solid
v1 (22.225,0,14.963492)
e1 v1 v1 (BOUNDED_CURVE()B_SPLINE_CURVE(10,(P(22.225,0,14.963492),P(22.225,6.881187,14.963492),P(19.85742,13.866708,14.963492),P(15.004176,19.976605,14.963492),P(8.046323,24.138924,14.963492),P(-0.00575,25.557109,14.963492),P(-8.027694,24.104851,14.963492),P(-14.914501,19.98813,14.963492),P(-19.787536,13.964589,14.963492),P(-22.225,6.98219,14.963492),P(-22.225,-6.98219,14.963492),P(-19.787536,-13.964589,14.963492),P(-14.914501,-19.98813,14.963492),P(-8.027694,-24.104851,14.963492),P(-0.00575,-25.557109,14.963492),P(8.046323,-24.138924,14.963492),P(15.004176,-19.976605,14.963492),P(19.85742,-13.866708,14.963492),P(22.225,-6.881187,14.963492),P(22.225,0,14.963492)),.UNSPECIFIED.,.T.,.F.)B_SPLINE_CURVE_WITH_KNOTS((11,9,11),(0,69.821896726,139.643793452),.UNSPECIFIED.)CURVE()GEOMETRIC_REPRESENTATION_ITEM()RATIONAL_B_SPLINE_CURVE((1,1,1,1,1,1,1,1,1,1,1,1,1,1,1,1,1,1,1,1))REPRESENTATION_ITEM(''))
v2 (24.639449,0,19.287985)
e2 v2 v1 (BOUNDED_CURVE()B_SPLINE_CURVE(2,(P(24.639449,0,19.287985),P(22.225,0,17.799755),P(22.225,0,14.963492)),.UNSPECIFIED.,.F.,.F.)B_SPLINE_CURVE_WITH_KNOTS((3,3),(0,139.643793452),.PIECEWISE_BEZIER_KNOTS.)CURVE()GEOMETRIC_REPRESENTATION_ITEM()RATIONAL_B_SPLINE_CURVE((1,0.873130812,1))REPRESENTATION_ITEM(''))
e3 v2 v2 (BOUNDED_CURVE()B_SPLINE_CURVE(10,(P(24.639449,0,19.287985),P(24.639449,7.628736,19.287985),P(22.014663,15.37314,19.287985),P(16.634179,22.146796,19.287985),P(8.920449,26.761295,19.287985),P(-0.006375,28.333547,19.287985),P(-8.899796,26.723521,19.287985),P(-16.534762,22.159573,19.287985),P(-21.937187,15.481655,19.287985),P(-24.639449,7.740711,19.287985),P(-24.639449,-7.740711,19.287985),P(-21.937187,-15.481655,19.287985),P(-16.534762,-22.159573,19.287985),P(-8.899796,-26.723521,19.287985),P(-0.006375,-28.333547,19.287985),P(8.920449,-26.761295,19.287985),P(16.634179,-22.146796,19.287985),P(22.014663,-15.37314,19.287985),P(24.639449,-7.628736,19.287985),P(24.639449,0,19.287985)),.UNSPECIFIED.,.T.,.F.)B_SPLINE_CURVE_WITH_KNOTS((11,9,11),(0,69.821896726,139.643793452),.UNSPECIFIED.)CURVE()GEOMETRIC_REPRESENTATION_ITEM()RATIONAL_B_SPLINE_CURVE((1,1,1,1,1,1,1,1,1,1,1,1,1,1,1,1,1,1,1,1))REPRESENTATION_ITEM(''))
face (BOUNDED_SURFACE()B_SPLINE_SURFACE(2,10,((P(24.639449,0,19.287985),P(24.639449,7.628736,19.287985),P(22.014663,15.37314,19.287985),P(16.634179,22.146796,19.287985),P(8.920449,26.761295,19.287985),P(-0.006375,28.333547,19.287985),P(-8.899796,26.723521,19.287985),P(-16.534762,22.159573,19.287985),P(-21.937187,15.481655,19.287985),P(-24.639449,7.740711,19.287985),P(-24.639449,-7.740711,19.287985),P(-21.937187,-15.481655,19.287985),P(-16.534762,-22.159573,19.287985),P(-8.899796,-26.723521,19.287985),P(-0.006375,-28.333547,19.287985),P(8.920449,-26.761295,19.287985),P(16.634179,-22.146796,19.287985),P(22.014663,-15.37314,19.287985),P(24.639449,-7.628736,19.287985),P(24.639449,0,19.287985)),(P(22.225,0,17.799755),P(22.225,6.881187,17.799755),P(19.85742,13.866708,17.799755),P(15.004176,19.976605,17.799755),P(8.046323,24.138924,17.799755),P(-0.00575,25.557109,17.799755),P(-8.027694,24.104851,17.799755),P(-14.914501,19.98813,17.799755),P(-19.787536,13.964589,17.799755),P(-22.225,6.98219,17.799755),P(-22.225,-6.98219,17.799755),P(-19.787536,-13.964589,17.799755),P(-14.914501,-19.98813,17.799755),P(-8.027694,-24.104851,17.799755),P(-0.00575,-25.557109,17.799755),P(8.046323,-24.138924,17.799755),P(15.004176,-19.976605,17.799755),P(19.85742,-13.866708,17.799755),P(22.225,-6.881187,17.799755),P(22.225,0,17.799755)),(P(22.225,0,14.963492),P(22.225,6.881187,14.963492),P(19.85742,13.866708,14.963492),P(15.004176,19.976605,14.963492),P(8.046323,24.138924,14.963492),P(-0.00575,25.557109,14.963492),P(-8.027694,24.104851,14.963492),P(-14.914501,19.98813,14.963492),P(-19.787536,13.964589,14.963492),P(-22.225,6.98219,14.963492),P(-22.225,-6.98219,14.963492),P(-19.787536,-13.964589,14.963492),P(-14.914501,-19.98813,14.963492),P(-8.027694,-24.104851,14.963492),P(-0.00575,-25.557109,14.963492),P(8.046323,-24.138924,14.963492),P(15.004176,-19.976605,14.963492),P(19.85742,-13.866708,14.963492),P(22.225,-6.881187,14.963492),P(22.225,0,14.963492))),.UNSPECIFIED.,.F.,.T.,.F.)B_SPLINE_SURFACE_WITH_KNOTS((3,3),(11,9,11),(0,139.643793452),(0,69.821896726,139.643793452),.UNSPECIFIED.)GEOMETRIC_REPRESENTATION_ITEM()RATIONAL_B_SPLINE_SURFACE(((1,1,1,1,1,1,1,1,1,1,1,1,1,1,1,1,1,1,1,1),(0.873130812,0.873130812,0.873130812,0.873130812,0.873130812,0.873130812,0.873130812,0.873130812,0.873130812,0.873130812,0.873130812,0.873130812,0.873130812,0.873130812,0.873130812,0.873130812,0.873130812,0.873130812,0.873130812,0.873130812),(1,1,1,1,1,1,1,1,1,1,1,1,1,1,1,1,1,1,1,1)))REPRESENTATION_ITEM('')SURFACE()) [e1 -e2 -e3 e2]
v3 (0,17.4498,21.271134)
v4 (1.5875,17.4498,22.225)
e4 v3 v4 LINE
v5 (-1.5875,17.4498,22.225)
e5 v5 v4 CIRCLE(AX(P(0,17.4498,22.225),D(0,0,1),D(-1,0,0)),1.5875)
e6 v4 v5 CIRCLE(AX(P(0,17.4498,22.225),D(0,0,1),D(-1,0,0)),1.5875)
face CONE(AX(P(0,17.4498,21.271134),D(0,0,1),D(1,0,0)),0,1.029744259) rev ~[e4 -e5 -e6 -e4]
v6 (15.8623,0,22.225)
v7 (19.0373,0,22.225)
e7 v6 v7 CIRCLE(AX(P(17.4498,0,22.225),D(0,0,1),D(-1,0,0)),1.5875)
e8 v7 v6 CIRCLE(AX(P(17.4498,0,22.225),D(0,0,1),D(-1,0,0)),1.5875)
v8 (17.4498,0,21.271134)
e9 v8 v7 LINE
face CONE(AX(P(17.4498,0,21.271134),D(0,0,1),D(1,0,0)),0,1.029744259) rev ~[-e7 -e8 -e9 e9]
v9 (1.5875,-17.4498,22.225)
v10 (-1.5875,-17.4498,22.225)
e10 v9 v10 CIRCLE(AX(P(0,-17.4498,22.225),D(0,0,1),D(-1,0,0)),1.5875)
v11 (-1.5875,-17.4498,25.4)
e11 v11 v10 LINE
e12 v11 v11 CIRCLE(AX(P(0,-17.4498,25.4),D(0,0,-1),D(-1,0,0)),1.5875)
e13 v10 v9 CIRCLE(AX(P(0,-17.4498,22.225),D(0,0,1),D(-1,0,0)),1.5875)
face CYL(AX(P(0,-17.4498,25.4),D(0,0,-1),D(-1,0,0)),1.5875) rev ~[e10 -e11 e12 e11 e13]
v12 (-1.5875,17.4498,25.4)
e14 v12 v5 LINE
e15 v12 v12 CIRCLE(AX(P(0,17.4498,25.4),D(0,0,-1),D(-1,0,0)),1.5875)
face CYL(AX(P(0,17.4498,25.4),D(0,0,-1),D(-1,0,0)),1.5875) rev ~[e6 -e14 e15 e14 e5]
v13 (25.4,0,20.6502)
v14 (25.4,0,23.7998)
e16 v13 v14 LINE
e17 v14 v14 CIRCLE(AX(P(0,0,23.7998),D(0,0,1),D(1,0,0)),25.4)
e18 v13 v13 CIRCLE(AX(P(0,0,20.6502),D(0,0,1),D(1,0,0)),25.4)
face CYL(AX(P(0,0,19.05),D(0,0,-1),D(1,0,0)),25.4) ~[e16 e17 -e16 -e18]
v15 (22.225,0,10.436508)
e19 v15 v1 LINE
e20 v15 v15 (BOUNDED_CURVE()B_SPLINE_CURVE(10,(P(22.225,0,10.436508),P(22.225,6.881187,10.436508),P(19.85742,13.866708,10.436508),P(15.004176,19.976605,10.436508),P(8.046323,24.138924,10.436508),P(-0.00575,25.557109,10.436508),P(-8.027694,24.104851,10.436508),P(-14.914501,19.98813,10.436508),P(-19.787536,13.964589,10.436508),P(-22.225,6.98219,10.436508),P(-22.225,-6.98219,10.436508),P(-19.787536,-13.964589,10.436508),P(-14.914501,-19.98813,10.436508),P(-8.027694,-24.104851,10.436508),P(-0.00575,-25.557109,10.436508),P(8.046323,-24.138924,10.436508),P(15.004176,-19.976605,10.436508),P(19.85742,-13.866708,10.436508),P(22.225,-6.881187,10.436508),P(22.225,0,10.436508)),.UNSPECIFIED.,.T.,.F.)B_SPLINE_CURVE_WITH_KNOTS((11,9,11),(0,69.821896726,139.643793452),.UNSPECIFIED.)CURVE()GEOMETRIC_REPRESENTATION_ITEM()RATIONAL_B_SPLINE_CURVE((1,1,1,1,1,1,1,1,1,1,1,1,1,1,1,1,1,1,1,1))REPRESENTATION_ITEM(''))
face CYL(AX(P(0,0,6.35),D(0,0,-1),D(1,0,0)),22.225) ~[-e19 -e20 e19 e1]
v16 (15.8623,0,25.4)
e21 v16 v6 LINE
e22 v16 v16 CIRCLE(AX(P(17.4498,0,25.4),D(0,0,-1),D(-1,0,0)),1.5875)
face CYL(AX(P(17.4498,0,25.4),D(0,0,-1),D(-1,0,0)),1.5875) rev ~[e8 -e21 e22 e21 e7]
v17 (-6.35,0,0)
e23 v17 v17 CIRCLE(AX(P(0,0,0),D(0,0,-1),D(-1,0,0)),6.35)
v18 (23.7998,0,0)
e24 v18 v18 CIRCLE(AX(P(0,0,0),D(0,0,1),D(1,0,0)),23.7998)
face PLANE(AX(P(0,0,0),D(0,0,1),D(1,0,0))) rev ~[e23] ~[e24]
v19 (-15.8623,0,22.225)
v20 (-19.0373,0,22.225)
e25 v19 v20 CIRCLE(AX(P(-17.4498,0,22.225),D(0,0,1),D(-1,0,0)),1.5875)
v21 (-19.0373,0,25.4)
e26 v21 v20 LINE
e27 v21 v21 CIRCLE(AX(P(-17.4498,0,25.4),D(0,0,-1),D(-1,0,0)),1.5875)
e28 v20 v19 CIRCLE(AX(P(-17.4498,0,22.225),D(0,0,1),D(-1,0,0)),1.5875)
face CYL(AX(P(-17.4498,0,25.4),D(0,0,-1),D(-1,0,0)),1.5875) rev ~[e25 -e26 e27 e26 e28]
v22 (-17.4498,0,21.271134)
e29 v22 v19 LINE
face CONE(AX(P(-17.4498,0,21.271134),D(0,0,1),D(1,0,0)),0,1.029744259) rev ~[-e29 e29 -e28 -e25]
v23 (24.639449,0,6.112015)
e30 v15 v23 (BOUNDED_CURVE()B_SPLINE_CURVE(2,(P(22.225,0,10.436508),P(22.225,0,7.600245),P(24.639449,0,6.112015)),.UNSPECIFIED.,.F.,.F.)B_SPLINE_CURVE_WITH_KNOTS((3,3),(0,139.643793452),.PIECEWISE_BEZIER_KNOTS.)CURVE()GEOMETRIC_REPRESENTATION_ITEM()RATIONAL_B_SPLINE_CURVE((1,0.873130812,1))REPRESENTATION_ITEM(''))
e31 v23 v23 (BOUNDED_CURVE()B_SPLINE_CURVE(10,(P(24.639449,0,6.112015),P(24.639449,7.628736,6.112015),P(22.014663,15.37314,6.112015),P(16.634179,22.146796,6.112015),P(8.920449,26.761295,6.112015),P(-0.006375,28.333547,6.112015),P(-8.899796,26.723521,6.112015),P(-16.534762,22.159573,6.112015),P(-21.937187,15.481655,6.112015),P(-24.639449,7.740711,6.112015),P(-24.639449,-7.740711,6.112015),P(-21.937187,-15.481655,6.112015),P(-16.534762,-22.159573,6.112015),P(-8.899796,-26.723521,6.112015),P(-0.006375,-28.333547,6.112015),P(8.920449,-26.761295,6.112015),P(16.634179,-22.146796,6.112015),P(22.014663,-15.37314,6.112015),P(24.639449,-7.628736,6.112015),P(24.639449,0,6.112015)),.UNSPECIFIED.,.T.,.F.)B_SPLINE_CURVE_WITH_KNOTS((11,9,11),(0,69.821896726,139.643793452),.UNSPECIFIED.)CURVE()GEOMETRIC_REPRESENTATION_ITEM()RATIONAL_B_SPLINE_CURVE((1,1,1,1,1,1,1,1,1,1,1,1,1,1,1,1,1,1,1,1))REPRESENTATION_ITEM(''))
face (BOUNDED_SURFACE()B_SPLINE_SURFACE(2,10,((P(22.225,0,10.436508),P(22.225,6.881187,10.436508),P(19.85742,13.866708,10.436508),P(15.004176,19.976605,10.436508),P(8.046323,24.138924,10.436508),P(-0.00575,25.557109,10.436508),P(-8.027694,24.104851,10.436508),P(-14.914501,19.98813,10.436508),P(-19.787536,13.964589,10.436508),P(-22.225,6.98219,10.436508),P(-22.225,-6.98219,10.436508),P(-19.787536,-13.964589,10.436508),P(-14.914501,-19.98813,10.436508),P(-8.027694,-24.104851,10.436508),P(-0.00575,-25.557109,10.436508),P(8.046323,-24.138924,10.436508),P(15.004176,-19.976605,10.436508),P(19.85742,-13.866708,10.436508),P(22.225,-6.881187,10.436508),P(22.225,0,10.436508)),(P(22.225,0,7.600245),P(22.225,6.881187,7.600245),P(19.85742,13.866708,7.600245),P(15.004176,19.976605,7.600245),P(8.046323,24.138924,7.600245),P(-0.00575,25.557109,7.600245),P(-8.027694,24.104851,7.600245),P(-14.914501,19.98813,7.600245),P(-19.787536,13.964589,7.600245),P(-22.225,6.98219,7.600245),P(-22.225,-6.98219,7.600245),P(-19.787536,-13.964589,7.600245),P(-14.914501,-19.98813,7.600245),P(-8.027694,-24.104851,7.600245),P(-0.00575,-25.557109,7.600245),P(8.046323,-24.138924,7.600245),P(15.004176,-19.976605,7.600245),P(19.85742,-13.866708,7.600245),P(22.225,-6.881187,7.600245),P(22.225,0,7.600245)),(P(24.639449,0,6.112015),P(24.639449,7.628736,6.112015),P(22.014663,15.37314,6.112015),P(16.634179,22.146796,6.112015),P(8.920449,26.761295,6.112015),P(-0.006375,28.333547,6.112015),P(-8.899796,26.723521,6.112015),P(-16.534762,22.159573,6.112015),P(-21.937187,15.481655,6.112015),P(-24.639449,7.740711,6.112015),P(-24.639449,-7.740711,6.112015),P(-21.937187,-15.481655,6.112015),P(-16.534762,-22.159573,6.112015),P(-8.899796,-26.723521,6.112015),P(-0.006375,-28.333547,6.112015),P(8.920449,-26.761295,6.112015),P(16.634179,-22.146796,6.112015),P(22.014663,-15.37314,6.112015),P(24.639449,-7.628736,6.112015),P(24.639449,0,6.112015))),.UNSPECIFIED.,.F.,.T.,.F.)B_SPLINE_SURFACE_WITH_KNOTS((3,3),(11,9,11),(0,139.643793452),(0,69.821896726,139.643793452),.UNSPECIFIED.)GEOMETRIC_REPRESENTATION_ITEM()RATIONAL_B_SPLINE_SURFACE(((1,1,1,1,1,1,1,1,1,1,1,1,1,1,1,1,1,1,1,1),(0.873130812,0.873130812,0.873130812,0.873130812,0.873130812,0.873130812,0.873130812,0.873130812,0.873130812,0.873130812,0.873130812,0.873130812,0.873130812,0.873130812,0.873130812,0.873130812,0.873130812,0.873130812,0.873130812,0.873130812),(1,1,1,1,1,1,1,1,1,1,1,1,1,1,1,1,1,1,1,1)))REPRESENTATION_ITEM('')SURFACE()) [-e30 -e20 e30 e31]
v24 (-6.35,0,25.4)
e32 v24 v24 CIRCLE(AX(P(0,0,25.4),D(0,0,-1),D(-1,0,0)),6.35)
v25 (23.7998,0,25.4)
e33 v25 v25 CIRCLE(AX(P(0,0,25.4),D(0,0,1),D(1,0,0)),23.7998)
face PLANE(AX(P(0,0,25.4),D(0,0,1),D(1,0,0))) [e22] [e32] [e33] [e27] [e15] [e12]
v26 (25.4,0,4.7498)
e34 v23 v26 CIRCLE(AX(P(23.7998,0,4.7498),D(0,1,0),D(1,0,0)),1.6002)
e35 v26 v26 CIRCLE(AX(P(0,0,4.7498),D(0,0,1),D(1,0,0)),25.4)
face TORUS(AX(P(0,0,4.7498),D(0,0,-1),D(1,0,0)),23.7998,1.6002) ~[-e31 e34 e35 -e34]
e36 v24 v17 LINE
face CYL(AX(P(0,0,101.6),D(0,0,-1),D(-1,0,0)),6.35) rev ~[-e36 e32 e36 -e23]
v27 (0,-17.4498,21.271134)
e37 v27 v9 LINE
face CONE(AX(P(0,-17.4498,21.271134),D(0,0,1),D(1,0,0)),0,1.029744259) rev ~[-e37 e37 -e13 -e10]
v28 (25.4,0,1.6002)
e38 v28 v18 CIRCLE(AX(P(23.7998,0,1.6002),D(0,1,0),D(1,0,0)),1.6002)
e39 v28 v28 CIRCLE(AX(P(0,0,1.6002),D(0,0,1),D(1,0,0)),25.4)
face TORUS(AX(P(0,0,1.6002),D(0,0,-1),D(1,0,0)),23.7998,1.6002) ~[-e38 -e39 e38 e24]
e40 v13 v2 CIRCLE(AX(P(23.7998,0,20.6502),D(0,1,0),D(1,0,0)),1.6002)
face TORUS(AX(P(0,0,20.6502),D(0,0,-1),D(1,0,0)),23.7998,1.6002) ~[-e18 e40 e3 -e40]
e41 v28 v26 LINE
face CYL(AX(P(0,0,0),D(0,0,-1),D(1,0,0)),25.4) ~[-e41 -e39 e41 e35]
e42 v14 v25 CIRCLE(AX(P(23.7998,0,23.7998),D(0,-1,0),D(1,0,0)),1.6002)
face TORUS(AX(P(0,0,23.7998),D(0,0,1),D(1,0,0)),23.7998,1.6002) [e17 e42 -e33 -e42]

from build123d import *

# Parameters (mm, degrees)
F0_R           = 25.4
F1_DEPTH       = 6.35
F2_R           = 22.225
F3_DEPTH       = 12.7
F4_R           = 25.4
F5_DEPTH       = 6.35
F6_R           = 1.6002
F7_R           = 5.08
F9_D           = 3.175
F9_DEPTH       = 3.175
F9_CBORE_D     = 3.175
F9_CBORE_DEPTH = 3.175
F9_TIP         = 0.9538662327
F10_D          = 12.7


with BuildPart() as f1:
    # F0 (on Top) → F1 (new body)
    with BuildSketch(Plane.XY):
        Circle(F0_R)
    extrude(amount=F1_DEPTH)

    # F2 (on face) → F3 (join)
    with BuildSketch(Plane.XY.offset(6.35)):
        Circle(F2_R)
    extrude(amount=F3_DEPTH)

    # F4 (on face) → F5 (join)
    with BuildSketch(Plane.XY.offset(19.05)):
        Circle(F4_R)
    extrude(amount=F5_DEPTH)

    # F6
    f6_edges = [f1.edges().sort_by_distance(p)[0] for p in [
        (-25.4, 0, 6.35),
        (-25.4, 0, 19.05),
        (25.4, 0, 3.175),
        (-25.4, 0, 0),
        (-25.4, 0, 25.4),
    ]]
    fillet(f6_edges, radius=F6_R)

    # F7
    f7_edges = [f1.edges().sort_by_distance(p)[0] for p in [
        (22.225, 0, 12.7),
        (-22.225, 0, 6.35),
        (-22.225, 0, 19.05),
    ]]
    fillet(f7_edges, radius=F7_R)

    # F9
    with Locations(Plane.XY.offset(25.4)):
        with Locations((0, -17.4498), (-17.4498, 0), (0, 17.4498), (17.4498, 0)):
            CounterBoreHole(F9_D / 2, F9_CBORE_D / 2, F9_CBORE_DEPTH, depth=F9_DEPTH)
            with Locations((0, 0, -(F9_DEPTH + F9_TIP / 2))):  # 118° drill point
                Cone(0, F9_D / 2, F9_TIP, mode=Mode.SUBTRACT)

    # F10 (through all)
    with Locations(Plane.XY.offset(25.4)):
        with Locations((0, 0)):
            Hole(F10_D / 2)


solid = f1.part
